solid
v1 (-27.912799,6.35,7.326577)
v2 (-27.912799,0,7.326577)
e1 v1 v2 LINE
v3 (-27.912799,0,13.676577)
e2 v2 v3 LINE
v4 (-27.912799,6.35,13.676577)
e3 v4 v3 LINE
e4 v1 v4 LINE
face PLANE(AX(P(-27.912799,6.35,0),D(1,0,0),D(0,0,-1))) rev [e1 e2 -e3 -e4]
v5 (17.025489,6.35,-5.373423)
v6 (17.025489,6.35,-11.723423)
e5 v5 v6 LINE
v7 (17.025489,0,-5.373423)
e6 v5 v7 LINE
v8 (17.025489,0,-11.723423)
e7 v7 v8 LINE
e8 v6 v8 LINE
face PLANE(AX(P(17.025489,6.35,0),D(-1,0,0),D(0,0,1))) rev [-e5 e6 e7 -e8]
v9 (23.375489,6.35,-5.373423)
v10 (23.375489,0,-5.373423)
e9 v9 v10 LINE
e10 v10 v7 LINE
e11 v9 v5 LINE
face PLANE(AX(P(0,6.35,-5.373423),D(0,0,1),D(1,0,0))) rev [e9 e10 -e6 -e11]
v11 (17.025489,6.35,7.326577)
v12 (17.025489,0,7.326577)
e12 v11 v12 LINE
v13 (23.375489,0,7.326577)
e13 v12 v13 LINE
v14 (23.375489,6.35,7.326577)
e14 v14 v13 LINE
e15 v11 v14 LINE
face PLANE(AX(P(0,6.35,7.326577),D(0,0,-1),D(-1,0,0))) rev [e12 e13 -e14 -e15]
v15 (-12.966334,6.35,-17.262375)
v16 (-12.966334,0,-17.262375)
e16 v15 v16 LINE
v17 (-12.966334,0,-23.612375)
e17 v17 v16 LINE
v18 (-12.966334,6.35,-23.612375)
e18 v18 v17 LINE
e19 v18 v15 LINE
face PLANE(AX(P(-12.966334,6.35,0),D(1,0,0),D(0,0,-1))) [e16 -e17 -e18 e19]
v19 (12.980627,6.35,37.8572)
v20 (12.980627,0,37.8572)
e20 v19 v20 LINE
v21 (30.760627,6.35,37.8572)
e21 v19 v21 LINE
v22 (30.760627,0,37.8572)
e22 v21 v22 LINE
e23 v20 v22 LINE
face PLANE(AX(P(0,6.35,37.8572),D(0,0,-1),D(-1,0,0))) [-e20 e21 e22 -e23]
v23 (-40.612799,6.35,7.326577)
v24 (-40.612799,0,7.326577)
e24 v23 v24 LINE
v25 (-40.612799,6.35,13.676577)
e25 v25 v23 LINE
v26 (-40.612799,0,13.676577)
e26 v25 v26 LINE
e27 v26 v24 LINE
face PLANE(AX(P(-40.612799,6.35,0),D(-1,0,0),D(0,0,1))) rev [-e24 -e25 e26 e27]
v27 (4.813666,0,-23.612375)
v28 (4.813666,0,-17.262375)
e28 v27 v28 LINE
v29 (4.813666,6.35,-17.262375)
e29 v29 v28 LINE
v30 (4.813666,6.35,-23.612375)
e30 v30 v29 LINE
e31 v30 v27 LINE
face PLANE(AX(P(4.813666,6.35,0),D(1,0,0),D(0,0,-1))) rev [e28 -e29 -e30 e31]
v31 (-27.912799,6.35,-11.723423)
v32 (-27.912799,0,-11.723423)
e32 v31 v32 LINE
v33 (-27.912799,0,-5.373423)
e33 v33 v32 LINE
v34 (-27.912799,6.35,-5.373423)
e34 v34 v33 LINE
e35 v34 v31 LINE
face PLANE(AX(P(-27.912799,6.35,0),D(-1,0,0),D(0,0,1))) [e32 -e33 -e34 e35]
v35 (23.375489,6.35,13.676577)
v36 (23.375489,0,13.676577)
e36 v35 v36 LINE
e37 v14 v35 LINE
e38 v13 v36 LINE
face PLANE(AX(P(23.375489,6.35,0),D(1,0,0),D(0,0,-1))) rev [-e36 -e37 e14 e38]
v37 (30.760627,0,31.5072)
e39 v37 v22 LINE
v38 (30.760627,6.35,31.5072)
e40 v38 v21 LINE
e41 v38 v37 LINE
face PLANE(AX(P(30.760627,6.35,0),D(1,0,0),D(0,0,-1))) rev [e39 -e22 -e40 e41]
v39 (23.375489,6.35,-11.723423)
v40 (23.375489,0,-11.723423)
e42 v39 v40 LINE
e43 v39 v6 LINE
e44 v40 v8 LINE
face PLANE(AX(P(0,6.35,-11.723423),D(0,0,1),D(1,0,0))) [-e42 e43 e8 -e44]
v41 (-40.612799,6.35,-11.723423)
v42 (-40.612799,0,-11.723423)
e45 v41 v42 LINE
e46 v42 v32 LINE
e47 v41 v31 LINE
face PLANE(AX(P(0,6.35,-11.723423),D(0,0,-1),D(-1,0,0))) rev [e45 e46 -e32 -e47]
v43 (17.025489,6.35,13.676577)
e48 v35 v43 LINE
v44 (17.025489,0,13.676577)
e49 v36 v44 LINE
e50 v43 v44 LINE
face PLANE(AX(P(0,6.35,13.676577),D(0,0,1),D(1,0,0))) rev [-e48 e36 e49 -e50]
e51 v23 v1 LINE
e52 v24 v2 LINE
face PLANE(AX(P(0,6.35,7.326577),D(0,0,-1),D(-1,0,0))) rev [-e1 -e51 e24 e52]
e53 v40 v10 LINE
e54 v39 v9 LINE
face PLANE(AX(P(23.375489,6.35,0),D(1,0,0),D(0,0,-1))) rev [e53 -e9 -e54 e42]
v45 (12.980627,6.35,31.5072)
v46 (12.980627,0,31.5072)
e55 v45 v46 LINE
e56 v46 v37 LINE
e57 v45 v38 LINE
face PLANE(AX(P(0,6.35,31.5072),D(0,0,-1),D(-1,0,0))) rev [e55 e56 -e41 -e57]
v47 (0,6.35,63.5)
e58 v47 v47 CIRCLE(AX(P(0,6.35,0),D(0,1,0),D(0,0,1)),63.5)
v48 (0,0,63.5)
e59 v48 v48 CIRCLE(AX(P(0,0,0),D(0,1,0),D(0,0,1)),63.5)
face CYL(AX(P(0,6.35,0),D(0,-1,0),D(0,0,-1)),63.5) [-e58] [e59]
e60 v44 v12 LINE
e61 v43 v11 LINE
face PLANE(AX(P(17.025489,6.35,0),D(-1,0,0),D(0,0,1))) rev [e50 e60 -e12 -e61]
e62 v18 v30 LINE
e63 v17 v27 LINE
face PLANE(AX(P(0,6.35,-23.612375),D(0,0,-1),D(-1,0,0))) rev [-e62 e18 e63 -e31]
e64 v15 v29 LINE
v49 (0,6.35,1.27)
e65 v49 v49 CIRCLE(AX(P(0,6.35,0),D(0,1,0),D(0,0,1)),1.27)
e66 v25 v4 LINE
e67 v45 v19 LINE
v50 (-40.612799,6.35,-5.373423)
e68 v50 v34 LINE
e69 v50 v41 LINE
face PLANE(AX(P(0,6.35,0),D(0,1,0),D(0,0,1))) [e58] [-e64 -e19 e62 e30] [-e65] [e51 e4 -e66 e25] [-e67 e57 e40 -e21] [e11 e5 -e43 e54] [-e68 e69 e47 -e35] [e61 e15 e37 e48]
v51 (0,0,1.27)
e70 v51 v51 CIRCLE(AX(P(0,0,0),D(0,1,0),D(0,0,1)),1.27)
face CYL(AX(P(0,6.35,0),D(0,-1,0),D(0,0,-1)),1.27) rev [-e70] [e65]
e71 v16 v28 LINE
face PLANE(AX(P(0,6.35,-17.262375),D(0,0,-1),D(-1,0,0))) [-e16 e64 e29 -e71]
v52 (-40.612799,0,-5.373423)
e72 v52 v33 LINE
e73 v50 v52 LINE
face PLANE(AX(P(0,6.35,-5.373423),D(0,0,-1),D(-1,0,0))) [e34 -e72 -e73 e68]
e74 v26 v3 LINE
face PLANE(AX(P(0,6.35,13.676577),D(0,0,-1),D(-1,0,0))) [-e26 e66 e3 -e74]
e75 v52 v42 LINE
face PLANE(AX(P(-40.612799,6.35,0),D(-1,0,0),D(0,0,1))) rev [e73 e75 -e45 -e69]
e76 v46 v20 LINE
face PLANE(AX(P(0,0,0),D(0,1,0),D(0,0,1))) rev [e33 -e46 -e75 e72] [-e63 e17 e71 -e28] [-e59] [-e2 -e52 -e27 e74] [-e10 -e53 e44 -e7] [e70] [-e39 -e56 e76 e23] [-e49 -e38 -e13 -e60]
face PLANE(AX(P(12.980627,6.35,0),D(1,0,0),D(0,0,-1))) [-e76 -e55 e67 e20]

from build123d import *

# Parameters (mm, degrees)
SKETCH1_R           = 63.5
SKETCH1_W           = 17.78
SKETCH1_H           = 6.35
SKETCH1_W_2         = 6.35
SKETCH1_R_2         = 1.27
BOSS_EXTRUDE3_DEPTH = 6.35


with BuildPart() as part:
    # Sketch1 → Boss-Extrude3 (new body)
    with BuildSketch(Plane(origin=(0, 0, 0), x_dir=(1, 0, 0), z_dir=(0, 1, 0))):
        with Locations(Location((0, 0, 0), (0, 0, 270))):
            Circle(SKETCH1_R)
        Polygon((-34.262799333, -7.326577006), (-27.912799333, -7.326577006), (-27.912799333, -13.676577006), (-34.262799333, -13.676577006), (-40.612799333, -13.676577006), (-40.612799333, -7.326577006), align=None, mode=Mode.SUBTRACT)
        with Locations((21.870627403, -34.682199949)):
            Rectangle(SKETCH1_W, SKETCH1_H, mode=Mode.SUBTRACT)
        with Locations((20.20048917, -10.501577006)):
            Rectangle(SKETCH1_W_2, SKETCH1_H, mode=Mode.SUBTRACT)
        Polygon((-27.912799333, 5.373422994), (-34.262799333, 5.373422994), (-40.612799333, 5.373422994), (-40.612799333, 11.723422994), (-34.262799333, 11.723422994), (-27.912799333, 11.723422994), align=None, mode=Mode.SUBTRACT)
        with Locations((-4.076334422, 20.437374514)):
            Rectangle(SKETCH1_W, SKETCH1_H, mode=Mode.SUBTRACT)
        with Locations(Location((0, 0, 0), (0, 0, 270))):
            Circle(SKETCH1_R_2, mode=Mode.SUBTRACT)
        with Locations((20.20048917, 8.548422994)):
            Rectangle(SKETCH1_W_2, SKETCH1_H, mode=Mode.SUBTRACT)
    extrude(amount=BOSS_EXTRUDE3_DEPTH)


solid = part.part
